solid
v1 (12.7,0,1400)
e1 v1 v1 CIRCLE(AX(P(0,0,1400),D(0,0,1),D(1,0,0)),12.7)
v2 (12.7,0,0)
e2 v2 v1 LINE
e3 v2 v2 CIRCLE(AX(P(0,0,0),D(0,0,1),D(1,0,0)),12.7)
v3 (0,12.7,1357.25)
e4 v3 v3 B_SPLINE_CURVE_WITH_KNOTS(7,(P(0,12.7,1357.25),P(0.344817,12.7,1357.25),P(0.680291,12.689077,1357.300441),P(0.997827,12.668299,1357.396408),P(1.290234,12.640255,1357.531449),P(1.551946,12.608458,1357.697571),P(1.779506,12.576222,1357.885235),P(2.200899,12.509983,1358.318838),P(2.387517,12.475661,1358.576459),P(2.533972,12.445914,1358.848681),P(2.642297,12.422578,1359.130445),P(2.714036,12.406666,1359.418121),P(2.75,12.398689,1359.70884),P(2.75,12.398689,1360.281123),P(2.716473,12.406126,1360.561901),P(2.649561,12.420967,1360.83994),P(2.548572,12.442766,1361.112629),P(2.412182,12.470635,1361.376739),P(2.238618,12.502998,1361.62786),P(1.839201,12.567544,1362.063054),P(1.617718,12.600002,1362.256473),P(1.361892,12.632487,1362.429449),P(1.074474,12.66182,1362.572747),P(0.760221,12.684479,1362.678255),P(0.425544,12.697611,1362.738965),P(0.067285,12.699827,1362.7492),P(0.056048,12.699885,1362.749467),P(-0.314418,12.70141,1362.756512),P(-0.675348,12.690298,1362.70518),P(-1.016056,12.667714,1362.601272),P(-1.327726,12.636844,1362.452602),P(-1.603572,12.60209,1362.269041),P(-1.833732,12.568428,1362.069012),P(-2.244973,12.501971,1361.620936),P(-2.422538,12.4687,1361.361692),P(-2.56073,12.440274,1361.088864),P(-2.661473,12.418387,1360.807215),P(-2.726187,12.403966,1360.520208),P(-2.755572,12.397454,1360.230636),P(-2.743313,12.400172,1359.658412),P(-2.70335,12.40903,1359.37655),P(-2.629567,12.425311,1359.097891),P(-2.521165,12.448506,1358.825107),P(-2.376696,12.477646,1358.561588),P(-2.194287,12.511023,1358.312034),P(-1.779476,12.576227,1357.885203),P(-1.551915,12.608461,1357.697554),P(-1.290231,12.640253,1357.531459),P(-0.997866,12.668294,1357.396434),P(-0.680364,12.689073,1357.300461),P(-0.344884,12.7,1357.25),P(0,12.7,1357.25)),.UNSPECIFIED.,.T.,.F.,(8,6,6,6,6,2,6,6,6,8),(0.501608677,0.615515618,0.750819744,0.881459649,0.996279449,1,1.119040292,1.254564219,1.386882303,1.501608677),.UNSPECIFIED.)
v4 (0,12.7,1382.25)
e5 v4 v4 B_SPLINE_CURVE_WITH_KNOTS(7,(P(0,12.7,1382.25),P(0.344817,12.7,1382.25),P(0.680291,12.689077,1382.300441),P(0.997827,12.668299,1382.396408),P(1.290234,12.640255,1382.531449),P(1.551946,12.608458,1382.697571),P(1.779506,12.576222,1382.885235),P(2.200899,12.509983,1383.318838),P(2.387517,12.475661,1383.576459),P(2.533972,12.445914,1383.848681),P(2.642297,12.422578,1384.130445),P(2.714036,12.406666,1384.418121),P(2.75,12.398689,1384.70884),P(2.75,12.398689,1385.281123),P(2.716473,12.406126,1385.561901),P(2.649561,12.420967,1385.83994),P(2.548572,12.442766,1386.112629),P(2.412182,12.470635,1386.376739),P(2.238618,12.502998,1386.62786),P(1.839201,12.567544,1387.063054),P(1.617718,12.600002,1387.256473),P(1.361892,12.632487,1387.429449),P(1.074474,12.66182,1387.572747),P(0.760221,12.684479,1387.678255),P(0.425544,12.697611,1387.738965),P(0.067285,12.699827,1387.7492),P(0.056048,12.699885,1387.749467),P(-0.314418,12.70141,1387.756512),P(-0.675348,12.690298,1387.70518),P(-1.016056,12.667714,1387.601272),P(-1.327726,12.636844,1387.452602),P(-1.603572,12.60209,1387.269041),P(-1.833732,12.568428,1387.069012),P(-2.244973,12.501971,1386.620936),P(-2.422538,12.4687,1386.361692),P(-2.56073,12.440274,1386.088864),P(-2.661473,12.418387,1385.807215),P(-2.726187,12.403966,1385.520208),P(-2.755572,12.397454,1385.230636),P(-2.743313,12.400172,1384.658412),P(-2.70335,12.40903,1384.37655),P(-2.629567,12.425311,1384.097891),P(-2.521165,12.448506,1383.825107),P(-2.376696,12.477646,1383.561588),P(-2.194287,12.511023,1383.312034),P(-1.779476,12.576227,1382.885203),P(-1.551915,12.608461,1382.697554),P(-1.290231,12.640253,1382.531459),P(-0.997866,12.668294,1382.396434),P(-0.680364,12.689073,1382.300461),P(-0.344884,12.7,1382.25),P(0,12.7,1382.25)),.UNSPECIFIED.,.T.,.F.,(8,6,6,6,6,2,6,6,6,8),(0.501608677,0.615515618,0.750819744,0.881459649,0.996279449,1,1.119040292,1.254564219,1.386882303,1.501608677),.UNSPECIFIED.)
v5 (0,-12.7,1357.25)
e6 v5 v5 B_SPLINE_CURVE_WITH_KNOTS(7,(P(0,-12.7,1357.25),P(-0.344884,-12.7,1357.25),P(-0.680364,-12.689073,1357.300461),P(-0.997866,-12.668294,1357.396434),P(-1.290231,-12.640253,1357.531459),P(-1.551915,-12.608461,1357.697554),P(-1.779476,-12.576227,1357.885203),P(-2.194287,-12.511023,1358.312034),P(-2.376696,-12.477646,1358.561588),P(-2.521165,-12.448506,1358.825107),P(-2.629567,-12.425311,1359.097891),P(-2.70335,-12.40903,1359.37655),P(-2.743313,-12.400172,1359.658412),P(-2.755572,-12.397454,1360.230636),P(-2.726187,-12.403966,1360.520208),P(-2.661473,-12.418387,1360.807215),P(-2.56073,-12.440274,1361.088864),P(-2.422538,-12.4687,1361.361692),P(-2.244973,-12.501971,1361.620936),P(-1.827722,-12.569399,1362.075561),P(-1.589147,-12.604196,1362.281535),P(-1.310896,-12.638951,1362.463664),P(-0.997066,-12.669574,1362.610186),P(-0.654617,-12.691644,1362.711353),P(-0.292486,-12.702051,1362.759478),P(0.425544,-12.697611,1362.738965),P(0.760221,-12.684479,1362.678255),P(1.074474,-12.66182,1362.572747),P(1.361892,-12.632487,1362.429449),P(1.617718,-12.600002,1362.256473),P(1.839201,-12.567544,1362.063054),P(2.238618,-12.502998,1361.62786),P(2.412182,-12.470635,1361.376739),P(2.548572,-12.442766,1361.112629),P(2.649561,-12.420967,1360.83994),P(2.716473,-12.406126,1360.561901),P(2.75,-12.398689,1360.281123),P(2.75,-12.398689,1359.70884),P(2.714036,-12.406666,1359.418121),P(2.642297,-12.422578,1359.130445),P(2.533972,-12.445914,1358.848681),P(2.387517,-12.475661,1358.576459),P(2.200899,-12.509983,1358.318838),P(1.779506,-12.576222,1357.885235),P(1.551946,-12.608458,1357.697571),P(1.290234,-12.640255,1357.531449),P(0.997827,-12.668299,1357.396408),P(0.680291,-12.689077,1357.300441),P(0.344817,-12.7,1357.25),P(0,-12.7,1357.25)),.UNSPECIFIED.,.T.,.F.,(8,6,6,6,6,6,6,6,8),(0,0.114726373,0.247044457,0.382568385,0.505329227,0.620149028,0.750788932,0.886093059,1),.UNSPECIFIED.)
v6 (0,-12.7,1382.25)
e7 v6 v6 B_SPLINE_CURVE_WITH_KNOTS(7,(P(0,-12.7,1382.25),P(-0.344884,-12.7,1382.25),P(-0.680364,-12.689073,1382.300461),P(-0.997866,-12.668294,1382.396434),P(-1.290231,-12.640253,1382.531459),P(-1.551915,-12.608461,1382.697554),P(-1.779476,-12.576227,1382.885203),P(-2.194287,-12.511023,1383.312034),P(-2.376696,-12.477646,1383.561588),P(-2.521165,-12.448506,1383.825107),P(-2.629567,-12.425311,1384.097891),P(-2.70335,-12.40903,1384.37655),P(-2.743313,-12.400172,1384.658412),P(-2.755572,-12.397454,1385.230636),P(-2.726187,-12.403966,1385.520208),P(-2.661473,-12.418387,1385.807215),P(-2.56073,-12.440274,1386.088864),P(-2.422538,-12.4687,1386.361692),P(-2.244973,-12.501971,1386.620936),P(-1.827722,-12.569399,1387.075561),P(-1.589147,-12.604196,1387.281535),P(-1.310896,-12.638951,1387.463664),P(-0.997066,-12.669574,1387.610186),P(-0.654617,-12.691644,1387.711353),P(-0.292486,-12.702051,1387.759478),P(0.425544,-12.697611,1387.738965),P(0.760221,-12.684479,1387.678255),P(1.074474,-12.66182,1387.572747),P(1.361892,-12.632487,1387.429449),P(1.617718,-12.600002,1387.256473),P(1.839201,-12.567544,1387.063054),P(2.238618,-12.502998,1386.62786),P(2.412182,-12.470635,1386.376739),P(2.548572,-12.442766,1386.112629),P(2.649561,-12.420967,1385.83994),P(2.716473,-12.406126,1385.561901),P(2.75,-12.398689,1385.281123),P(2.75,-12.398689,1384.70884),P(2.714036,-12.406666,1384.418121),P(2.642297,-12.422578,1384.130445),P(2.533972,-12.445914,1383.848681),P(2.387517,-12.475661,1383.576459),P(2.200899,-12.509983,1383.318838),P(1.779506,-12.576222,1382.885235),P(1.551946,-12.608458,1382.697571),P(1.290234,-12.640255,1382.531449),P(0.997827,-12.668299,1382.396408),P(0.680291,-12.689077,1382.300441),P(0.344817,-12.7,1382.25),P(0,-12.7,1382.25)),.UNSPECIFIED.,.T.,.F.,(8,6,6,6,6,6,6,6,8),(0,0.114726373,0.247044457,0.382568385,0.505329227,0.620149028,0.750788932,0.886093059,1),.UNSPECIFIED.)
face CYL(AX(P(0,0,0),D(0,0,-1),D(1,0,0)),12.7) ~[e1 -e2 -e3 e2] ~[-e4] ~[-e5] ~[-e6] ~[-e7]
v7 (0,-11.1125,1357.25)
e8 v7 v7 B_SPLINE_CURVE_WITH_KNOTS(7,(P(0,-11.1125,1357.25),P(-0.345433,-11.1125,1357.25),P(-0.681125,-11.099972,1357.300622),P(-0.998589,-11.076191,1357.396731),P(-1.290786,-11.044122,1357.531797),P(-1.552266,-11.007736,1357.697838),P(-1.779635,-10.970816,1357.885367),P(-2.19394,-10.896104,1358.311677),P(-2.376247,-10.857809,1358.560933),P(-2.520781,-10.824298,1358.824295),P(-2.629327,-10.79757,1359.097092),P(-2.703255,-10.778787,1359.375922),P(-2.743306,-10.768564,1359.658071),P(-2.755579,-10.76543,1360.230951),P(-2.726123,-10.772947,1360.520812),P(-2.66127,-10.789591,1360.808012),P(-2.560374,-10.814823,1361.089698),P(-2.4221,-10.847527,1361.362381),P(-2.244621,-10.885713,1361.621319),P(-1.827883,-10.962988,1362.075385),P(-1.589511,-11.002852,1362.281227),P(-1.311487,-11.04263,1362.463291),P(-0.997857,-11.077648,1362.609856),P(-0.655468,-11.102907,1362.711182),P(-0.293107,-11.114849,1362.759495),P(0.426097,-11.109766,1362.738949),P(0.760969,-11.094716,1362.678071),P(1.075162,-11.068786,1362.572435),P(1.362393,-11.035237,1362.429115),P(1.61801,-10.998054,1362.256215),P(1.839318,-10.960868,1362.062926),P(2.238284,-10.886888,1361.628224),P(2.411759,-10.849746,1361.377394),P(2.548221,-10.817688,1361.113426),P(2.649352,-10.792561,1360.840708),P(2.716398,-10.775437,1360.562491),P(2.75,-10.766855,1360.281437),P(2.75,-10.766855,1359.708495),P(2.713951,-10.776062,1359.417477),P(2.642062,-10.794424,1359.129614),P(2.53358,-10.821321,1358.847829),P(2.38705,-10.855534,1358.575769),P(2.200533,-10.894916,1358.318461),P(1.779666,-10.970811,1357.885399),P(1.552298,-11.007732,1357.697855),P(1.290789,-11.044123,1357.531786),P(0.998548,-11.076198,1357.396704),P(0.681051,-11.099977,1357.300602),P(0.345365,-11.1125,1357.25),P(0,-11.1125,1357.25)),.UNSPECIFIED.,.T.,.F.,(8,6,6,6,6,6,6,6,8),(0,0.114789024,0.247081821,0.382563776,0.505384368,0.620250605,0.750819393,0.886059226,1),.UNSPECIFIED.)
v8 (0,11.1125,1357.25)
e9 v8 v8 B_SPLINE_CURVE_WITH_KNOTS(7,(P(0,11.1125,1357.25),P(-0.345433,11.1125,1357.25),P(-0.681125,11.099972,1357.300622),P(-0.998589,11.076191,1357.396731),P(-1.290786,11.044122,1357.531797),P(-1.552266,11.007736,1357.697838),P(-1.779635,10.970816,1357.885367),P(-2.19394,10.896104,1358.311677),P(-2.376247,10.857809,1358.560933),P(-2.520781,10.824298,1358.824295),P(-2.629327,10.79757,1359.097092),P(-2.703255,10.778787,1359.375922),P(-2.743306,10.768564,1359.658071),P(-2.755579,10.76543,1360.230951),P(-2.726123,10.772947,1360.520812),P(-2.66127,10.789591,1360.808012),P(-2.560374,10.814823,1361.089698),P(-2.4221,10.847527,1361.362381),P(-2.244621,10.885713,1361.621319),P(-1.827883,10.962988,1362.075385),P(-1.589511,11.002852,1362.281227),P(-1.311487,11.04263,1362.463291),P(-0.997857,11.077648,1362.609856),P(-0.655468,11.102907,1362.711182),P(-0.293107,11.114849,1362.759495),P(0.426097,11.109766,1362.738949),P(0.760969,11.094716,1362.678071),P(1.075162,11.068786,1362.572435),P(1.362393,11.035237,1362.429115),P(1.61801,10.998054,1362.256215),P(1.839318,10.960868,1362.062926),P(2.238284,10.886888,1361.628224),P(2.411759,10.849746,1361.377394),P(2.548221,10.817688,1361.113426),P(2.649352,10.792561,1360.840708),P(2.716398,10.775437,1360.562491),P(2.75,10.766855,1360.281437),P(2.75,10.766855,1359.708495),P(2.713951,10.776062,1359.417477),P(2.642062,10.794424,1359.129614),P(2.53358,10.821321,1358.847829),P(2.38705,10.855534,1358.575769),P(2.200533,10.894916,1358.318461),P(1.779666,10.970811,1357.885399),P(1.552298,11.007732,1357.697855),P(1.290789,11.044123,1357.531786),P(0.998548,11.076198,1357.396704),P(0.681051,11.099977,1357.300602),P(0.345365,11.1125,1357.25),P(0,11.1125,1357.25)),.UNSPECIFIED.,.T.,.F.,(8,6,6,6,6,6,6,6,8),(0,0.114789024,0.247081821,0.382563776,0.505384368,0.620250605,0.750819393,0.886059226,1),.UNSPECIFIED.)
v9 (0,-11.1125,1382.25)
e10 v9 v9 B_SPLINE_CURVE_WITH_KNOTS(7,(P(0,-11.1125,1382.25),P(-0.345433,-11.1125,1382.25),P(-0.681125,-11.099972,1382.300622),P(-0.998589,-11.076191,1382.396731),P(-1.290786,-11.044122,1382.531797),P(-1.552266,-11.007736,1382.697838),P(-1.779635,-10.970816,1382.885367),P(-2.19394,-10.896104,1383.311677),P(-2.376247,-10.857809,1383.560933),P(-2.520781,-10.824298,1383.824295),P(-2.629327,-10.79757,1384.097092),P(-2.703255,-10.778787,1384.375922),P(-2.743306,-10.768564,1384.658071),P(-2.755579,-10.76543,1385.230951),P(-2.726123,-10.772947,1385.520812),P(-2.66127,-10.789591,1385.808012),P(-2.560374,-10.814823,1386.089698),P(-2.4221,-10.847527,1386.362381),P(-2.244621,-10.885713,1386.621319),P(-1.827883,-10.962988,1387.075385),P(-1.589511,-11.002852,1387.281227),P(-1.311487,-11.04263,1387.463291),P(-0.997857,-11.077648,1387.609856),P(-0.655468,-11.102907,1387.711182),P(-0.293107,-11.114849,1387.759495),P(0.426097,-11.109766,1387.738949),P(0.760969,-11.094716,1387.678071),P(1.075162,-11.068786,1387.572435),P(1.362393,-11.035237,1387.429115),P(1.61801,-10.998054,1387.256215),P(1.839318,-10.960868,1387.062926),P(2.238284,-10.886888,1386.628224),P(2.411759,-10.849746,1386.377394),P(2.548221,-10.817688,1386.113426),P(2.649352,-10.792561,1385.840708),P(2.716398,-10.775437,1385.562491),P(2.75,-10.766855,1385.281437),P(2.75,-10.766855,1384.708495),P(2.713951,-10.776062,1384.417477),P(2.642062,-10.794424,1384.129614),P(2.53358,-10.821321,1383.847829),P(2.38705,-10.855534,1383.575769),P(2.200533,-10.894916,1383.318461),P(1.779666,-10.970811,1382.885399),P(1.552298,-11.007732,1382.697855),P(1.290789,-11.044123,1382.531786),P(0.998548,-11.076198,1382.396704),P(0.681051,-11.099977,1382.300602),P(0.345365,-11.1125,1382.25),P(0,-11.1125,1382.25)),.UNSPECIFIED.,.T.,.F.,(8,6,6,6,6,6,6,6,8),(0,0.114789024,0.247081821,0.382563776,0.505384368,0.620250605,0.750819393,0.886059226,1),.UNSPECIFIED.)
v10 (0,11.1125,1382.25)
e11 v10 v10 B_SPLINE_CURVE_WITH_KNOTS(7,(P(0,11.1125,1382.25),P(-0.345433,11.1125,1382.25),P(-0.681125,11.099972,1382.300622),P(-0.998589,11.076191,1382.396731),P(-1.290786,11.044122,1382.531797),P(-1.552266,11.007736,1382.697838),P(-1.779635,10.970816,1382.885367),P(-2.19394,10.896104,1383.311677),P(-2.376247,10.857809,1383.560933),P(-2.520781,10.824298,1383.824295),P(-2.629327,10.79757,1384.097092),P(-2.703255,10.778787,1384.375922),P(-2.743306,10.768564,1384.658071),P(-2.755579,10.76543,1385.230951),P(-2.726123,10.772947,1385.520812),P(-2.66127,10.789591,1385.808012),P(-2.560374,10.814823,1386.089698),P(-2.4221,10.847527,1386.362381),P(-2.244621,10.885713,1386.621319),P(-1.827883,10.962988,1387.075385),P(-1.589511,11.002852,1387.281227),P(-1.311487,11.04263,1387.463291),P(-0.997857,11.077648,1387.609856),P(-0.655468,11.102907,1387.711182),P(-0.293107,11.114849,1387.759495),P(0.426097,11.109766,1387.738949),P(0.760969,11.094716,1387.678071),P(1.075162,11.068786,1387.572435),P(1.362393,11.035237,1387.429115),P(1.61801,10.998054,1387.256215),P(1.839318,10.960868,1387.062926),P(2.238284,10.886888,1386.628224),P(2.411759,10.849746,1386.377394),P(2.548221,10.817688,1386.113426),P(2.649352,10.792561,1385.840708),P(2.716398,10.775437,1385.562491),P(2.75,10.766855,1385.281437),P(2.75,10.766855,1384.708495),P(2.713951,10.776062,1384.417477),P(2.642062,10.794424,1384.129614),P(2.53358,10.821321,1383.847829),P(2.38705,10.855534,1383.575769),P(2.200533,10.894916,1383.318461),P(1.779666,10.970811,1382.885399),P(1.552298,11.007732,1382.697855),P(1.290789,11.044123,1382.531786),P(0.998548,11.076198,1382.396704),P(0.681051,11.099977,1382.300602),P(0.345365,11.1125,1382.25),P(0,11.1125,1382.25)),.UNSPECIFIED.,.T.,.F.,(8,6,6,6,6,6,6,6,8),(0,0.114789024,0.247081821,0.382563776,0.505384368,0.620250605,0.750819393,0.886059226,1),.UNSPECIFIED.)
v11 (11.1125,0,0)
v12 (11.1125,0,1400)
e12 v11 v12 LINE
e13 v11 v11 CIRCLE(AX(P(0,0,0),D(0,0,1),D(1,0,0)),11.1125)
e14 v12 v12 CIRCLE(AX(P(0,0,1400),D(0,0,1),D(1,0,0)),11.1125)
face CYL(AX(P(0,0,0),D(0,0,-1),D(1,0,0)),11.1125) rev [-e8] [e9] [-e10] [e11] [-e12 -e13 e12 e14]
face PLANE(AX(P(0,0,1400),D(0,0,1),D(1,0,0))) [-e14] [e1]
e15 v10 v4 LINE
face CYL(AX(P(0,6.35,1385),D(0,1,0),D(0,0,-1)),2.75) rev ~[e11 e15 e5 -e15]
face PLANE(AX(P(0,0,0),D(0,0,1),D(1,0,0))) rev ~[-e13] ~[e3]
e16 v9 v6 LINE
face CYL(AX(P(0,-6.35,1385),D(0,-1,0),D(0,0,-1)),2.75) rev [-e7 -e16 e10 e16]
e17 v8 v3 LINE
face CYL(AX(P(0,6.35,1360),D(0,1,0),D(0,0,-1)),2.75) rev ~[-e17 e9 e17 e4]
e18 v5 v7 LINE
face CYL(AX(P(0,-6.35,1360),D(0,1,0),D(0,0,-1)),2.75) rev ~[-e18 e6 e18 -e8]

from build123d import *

# Parameters (mm, degrees)
SKETCH2_R                     = 12.7
SKETCH2_R_2                   = 11.1125
BOSS_EXTRUDE1_DEPTH           = 1400
SKETCH6_W                     = 2.75
SKETCH6_H                     = 12.7
M5_CLEARANCE_HOLE1_AT_2_COUNT = 2
M5_CLEARANCE_HOLE1_AT_2_PITCH = 25
MIRROR1_COPY_1_SKETCH_W       = 2.75
MIRROR1_COPY_1_SKETCH_H       = 12.7


with BuildPart() as part:
    # Sketch2 → Boss-Extrude1 (new body)
    with BuildSketch(Plane.XY):
        Circle(SKETCH2_R)
        Circle(SKETCH2_R_2, mode=Mode.SUBTRACT)
    extrude(amount=BOSS_EXTRUDE1_DEPTH)

    # Sketch6 → M5 Clearance Hole1 (revolve, cut)
    with BuildSketch(Plane(origin=(0, 0, 1385), x_dir=(0, 0, -1), z_dir=(1, 0, 0))):
        with Locations((1.375, 6.35)):
            Rectangle(SKETCH6_W, SKETCH6_H)
    m5_clearance_hole1 = revolve(axis=Axis((0, -6.35, 1385), (0, 1, 0)), mode=Mode.SUBTRACT)

    # M5 Clearance Hole1 at 2: M5 Clearance Hole1 ×2
    with Locations(*[(0, 0, -i * M5_CLEARANCE_HOLE1_AT_2_PITCH) for i in range(1, M5_CLEARANCE_HOLE1_AT_2_COUNT)]):
        add(m5_clearance_hole1, mode=Mode.SUBTRACT)

    # Mirror1: M5 Clearance Hole1 across plane
    add(m5_clearance_hole1.mirror(Plane.ZX), mode=Mode.SUBTRACT)

    # Mirror1 copy 1 sketch → Mirror1 copy 1 (revolve, cut)
    with BuildSketch(Plane(origin=(0, 0, 1360), x_dir=(0, 0, -1), z_dir=(1, 0, 0))):
        with Locations((1.375, -6.35)):
            Rectangle(MIRROR1_COPY_1_SKETCH_W, MIRROR1_COPY_1_SKETCH_H)
    revolve(axis=Axis((0, 6.35, 1360), (0, 1, 0)), mode=Mode.SUBTRACT)


solid = part.part
